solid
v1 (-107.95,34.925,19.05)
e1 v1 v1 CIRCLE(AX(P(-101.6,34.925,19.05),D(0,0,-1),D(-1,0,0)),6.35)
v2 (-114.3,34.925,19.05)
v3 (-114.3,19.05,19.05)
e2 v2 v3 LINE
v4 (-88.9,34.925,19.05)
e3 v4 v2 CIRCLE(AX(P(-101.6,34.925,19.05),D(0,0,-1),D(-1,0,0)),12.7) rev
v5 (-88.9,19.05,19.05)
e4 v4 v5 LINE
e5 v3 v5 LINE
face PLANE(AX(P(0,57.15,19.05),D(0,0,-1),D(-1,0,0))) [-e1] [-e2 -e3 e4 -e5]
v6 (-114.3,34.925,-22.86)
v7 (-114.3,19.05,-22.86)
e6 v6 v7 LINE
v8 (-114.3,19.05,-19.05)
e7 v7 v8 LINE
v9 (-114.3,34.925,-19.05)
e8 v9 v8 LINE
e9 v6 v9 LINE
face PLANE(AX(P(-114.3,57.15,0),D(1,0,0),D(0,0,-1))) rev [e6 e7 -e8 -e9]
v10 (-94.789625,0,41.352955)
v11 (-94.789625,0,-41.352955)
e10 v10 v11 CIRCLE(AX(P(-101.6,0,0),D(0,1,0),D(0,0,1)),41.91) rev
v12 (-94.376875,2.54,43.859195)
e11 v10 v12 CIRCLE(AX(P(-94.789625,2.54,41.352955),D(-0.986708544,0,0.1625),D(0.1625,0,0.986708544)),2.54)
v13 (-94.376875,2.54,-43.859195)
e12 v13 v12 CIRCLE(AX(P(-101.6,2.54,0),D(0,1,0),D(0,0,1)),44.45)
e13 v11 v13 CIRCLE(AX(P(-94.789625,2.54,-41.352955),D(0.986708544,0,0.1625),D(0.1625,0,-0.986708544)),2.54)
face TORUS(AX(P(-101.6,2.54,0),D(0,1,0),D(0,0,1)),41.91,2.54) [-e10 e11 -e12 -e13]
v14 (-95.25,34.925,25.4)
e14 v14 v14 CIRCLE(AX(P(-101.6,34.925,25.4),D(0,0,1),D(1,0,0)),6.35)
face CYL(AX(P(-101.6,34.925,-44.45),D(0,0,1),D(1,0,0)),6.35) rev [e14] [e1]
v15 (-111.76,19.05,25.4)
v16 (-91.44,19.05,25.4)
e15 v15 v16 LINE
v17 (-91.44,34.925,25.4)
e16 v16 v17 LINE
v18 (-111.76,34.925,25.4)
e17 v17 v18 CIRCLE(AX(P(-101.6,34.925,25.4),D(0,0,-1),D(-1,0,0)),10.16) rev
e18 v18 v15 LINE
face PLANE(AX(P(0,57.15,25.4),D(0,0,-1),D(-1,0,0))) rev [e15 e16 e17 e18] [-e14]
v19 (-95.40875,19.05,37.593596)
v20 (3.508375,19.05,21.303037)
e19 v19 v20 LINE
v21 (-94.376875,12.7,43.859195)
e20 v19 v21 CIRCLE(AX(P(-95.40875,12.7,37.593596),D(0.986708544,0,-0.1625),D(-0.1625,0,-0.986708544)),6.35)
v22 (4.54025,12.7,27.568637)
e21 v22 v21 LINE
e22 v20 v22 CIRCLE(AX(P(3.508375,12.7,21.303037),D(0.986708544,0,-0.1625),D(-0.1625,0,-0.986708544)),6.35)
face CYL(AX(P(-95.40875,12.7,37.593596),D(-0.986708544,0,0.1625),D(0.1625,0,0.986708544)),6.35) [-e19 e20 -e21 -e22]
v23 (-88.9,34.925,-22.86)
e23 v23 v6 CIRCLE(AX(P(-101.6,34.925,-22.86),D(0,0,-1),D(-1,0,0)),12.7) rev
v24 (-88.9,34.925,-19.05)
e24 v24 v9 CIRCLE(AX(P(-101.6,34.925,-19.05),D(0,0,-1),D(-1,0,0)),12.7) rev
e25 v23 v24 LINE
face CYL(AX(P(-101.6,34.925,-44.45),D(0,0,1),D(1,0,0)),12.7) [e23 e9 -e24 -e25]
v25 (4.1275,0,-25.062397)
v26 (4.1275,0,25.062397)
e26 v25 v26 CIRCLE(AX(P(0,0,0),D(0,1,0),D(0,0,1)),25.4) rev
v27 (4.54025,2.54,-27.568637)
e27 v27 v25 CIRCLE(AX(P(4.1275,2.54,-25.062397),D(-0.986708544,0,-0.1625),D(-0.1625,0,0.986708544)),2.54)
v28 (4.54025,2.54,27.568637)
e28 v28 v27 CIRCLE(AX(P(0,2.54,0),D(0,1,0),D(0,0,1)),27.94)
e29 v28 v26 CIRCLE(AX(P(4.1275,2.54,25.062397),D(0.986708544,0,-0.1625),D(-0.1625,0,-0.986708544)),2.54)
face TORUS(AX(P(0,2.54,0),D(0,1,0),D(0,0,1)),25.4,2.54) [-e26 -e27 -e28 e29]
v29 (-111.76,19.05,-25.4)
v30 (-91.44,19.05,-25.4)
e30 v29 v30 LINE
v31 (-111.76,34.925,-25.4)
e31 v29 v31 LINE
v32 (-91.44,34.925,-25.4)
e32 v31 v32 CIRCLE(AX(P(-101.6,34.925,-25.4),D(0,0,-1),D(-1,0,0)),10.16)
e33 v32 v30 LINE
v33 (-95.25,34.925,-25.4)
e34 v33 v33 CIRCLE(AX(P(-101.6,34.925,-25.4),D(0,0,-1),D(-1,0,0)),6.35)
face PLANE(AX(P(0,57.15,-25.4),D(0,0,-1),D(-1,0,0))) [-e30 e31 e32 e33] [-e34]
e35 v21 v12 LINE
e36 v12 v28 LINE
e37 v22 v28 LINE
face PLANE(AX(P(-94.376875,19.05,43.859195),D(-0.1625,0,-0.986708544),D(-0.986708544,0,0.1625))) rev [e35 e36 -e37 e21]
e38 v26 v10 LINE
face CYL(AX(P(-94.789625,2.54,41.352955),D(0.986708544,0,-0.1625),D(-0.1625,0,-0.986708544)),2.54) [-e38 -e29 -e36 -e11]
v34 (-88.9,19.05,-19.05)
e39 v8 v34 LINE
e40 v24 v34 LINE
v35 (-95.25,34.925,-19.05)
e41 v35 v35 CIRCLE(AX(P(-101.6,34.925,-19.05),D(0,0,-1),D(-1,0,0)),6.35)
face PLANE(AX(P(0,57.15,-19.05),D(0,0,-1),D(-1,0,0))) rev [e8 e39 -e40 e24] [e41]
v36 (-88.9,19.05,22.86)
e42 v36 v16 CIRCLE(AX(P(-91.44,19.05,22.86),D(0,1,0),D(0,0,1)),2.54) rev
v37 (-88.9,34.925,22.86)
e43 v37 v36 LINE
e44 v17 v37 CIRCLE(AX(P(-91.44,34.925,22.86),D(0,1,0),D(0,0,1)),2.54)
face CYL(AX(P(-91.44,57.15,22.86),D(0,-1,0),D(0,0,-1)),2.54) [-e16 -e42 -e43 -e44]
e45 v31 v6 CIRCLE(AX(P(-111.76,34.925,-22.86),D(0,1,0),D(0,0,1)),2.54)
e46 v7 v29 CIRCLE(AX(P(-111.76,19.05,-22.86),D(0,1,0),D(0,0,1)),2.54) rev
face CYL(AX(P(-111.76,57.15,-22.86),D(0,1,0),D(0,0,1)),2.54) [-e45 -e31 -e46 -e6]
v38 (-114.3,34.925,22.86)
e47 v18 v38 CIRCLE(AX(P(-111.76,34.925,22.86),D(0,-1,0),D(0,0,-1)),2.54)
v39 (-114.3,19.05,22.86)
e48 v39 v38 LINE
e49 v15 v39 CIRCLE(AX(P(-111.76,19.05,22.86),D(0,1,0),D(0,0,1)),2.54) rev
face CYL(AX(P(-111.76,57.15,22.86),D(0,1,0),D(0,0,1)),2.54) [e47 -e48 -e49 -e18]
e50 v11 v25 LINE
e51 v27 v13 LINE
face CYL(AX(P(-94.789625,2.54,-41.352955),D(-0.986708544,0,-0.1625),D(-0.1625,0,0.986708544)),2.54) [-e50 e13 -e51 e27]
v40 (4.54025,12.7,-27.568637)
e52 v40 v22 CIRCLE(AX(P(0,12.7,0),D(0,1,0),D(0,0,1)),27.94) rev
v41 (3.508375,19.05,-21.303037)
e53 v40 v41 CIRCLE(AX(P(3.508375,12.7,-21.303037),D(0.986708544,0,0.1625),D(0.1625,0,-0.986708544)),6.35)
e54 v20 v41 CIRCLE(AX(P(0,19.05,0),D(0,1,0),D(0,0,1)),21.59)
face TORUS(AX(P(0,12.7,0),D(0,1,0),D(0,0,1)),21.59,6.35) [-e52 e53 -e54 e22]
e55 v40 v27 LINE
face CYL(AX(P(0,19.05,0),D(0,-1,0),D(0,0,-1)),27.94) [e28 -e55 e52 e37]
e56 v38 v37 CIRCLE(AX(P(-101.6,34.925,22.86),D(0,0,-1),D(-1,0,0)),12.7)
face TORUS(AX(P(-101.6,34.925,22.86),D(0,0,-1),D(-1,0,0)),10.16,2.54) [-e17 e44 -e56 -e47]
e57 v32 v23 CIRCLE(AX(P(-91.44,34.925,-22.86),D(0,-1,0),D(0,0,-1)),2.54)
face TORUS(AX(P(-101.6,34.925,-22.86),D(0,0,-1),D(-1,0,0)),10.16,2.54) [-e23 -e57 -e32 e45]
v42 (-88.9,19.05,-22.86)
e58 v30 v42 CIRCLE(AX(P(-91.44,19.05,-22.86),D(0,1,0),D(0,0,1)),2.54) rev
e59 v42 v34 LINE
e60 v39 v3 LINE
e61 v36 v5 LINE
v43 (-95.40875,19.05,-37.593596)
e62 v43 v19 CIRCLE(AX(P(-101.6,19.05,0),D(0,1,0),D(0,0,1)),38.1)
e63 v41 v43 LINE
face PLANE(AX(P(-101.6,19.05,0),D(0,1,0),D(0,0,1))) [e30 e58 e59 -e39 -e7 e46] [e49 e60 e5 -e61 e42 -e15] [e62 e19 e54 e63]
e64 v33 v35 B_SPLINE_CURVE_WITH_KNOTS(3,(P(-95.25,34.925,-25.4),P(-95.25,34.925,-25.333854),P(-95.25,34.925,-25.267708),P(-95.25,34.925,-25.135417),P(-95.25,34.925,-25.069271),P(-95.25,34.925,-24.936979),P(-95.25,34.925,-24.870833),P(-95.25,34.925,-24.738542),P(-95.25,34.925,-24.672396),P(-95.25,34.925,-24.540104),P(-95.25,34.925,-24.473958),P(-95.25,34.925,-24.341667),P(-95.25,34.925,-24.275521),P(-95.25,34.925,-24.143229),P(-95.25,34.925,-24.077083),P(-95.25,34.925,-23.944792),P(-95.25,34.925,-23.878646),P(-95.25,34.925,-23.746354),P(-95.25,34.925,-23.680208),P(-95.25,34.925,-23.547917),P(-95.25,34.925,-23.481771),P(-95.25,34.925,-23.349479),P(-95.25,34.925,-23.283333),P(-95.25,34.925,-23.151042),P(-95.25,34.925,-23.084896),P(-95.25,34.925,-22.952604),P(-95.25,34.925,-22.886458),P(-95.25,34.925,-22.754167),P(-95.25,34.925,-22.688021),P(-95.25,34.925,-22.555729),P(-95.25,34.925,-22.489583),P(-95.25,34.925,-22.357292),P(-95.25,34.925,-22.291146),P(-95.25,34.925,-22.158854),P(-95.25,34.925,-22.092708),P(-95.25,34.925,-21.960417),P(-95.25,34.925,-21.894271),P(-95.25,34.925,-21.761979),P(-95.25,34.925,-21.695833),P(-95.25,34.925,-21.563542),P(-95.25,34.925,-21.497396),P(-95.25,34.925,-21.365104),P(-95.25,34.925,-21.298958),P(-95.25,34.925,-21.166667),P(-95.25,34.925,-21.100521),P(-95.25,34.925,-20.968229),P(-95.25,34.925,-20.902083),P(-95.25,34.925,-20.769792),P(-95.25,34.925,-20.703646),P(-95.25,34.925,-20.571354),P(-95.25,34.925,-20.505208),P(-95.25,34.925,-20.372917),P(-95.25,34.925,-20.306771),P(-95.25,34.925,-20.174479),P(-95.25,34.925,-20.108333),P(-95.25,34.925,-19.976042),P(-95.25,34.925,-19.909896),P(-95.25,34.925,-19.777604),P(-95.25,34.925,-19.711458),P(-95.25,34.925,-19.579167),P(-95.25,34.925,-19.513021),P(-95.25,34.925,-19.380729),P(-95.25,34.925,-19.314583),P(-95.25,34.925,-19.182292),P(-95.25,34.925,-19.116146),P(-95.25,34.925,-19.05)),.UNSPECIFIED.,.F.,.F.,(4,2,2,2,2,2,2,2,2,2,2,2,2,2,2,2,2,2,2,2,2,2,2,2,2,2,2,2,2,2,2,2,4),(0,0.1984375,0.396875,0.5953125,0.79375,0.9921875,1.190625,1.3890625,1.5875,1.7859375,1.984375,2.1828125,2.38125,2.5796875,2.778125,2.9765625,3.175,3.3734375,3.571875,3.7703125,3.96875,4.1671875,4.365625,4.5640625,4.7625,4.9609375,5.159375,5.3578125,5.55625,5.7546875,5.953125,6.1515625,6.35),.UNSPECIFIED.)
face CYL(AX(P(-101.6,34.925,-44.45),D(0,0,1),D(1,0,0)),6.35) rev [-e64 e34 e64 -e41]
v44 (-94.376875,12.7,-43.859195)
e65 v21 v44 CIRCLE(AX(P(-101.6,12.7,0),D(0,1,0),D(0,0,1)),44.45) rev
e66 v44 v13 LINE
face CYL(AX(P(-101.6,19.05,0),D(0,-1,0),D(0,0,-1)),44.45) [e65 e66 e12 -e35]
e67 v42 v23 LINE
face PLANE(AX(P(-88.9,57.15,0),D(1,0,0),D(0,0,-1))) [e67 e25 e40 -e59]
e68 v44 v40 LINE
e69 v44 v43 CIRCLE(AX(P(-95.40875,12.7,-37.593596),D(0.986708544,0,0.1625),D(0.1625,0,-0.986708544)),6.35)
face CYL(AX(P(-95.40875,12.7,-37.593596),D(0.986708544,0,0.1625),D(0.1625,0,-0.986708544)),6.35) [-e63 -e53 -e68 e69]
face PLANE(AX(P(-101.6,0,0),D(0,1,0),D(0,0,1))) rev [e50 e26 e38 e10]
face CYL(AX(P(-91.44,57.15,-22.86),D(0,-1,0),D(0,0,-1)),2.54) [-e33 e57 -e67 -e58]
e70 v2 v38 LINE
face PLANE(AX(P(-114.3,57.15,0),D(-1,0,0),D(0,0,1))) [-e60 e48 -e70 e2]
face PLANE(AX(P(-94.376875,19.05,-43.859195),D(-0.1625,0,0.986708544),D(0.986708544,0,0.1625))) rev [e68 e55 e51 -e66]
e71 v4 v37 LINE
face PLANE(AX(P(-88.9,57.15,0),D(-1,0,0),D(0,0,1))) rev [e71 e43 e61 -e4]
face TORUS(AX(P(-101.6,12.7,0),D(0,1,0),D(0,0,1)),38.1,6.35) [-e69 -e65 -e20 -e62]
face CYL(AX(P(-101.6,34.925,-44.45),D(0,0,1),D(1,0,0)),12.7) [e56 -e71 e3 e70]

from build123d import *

# Parameters (mm, degrees)
BOSS_EXTRUDE1_DEPTH = 19.05
SKETCH2_W           = 25.4
SKETCH2_H           = 6.35
BOSS_EXTRUDE2_DEPTH = 38.1
SKETCH3_R           = 6.35
CUT_EXTRUDE1_DEPTH  = 172.685024099
FILLET1_R           = 6.35
FILLET2_R           = 2.54
FILLET3_R           = 2.54


with BuildPart() as part:
    # Sketch1 → Boss-Extrude1 (new body)
    with BuildSketch(Plane(origin=(0, 0, 0), x_dir=(1, 0, 0), z_dir=(0, 1, 0))):
        with BuildLine():
            Line((-94.376875, 43.859194763), (4.54025, 27.568636708))
            ThreePointArc((4.54025, 27.568636708), (27.94, 0), (4.54025, -27.568636708))
            Line((4.54025, -27.568636708), (-94.376875, -43.859194763))
            ThreePointArc((-94.376875, -43.859194763), (-146.05, 0), (-94.376875, 43.859194763))
        make_face()
    extrude(amount=BOSS_EXTRUDE1_DEPTH)

    # Sketch2 → Boss-Extrude2 (add)
    with BuildSketch(Plane(origin=(0, 19.05, 0), x_dir=(1, 0, 0), z_dir=(0, 1, 0))):
        with Locations((-101.6, 22.225)):
            Rectangle(SKETCH2_W, SKETCH2_H)
        with Locations((-101.6, -22.225)):
            Rectangle(SKETCH2_W, SKETCH2_H)
    extrude(amount=BOSS_EXTRUDE2_DEPTH)

    # Sketch3 → Cut-Extrude1 (cut, through all)
    with BuildSketch(Plane.XY.offset(25.4)):
        with BuildLine():
            Line((-114.3, 57.15), (-114.3, 34.925))
            ThreePointArc((-114.3, 34.925), (-101.6, 47.625), (-88.9, 34.925))
            Line((-88.9, 34.925), (-88.9, 57.15))
            Line((-88.9, 57.15), (-114.3, 57.15))
        make_face()
        with Locations((-101.6, 34.925)):
            Circle(SKETCH3_R)
    extrude(amount=-CUT_EXTRUDE1_DEPTH, mode=Mode.SUBTRACT)

    # Fillet1
    fillet1_edges = [part.edges().sort_by_distance(p)[0] for p in [
        (27.94, 19.05, 0),
        (-44.9183125, 19.05, -35.713915735),
        (-146.05, 19.05, 0),
        (-44.9183125, 19.05, 35.713915735),
    ]]
    fillet(fillet1_edges, radius=FILLET1_R)

    # Fillet2
    fillet2_edges = [part.edges().sort_by_distance(p)[0] for p in [
        (-44.9183125, 0, -35.713915735),
        (27.94, 0, 0),
        (-44.9183125, 0, 35.713915735),
        (-146.05, 0, 0),
    ]]
    fillet(fillet2_edges, radius=FILLET2_R)

    # Fillet3
    fillet3_edges = [part.edges().sort_by_distance(p)[0] for p in [
        (-88.9, 26.9875, 25.4),
        (-114.3, 26.9875, 25.4),
        (-114.3, 26.9875, -25.4),
        (-88.9, 26.9875, -25.4),
        (-101.6, 47.625, -25.4),
        (-101.6, 47.625, 25.4),
    ]]
    fillet(fillet3_edges, radius=FILLET3_R)


solid = part.part
